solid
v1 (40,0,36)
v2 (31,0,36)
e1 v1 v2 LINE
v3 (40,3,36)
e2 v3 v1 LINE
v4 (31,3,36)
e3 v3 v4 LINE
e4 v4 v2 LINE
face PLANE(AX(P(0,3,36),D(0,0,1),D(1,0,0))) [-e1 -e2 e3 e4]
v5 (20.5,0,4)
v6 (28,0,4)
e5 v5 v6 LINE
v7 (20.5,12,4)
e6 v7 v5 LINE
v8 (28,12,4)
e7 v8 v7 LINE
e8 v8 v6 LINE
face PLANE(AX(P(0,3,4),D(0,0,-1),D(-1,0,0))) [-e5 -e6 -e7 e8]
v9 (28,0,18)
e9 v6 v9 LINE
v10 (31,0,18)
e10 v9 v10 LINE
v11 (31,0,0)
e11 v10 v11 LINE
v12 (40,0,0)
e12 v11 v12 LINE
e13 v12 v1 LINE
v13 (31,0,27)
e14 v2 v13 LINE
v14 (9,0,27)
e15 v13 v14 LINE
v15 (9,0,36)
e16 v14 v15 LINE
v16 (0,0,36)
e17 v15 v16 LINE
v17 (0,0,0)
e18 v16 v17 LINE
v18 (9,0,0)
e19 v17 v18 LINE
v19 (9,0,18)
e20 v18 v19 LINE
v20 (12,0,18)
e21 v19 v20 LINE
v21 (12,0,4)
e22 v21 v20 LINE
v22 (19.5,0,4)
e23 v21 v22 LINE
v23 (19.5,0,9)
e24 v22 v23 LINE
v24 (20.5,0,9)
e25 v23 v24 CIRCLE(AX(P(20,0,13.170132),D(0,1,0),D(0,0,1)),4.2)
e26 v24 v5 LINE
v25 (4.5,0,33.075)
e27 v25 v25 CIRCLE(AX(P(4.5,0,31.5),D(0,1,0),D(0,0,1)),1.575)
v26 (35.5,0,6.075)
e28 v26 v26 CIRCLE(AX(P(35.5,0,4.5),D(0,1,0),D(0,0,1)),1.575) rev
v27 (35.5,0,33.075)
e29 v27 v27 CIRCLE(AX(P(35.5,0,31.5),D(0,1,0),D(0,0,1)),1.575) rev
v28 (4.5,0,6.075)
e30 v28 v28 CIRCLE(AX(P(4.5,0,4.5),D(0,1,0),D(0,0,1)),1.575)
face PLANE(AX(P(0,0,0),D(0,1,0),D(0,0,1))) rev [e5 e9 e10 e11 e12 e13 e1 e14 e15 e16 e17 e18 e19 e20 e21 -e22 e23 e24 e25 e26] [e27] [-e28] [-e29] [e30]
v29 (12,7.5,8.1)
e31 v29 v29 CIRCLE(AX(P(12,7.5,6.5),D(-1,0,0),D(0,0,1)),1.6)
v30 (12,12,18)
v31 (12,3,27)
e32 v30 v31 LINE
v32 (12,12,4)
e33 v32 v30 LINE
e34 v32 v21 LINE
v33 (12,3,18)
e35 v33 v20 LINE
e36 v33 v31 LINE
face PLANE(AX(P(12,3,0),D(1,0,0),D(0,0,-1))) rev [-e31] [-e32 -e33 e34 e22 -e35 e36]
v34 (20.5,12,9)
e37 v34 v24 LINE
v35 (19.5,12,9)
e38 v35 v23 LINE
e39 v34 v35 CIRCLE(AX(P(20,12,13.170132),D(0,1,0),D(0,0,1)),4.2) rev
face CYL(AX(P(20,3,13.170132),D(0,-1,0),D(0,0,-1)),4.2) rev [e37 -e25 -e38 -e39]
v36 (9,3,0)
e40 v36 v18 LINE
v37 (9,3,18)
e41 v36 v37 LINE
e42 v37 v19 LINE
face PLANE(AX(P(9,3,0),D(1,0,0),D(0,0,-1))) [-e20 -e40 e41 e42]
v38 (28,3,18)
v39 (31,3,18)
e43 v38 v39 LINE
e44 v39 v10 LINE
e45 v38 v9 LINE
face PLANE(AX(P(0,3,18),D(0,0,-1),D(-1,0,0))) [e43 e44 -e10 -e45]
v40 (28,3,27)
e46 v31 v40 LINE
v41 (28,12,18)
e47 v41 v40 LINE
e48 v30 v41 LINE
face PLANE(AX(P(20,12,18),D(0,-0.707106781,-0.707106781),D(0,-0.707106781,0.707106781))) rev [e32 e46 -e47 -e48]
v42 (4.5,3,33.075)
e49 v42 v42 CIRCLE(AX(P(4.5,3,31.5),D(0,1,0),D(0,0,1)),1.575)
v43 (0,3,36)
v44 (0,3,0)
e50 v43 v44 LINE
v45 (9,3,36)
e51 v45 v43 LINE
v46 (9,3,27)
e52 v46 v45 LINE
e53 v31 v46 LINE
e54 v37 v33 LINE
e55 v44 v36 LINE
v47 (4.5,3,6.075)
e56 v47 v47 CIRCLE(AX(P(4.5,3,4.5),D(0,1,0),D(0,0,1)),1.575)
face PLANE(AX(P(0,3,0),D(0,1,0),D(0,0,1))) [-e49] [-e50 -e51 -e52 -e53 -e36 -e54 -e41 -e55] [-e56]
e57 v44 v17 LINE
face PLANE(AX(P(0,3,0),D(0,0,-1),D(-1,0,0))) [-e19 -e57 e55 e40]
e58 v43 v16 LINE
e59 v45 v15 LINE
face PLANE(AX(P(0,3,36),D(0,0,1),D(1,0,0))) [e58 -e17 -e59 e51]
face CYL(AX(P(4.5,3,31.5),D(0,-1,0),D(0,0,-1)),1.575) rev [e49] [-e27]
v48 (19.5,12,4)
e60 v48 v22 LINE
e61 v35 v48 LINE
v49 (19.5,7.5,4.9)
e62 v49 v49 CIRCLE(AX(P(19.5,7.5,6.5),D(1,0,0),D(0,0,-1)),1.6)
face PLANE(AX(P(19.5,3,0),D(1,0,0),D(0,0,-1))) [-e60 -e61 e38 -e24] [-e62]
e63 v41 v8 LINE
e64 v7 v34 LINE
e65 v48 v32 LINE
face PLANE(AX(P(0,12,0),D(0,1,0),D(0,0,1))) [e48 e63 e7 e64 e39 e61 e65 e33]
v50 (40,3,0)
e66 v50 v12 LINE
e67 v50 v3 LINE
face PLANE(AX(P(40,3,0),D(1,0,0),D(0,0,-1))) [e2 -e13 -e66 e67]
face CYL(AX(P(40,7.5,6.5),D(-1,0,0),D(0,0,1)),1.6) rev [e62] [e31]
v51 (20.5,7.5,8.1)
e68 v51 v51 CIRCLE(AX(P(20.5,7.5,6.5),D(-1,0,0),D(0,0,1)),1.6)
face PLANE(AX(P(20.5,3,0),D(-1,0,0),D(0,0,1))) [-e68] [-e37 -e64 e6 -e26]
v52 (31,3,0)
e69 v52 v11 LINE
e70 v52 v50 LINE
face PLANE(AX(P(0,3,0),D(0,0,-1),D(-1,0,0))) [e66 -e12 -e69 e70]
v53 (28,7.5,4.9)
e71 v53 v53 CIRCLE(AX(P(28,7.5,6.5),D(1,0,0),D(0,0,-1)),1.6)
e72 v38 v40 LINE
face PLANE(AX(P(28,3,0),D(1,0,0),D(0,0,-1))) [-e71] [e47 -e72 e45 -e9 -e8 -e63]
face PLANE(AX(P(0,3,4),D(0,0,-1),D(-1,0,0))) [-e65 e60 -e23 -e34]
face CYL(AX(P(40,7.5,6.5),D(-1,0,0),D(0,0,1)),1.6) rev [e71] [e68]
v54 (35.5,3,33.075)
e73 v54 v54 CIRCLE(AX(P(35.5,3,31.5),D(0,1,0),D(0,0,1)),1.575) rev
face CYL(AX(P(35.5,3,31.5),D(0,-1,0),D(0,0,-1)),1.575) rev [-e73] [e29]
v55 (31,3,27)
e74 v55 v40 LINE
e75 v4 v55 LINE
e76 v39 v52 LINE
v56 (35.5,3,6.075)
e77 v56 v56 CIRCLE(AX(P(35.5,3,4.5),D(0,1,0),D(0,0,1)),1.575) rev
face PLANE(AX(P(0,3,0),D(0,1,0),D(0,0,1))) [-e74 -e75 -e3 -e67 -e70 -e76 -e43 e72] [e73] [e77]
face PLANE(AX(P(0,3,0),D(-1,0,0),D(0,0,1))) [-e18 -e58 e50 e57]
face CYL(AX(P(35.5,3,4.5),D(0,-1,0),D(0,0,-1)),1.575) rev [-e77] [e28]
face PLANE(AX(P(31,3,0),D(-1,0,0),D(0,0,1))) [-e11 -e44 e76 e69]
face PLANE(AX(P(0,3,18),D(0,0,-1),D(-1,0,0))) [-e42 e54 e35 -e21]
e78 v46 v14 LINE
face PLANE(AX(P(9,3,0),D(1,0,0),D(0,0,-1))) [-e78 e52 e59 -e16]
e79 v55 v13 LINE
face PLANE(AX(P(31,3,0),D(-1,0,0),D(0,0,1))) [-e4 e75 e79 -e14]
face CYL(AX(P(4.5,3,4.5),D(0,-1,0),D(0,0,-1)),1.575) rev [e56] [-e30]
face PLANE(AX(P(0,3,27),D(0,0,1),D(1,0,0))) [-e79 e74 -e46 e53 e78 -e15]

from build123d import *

# Parameters (mm, degrees)
SKETCH2_R           = 1.575
BOSS_EXTRUDE4_DEPTH = 3
BOSS_EXTRUDE5_DEPTH = 9
RIB2_REACH          = 44.895
SKETCH8_WALL_W      = 100.51836442
SKETCH8_WALL_H      = 16
SKETCH9_R           = 1.6
CUT_EXTRUDE1_DEPTH  = 48.15930449


with BuildPart() as part:
    # Sketch2 → Boss-Extrude4 (new body)
    # profile 1 of 4: a face of its own
    with BuildSketch(Plane(origin=(0, 0, 0), x_dir=(1, 0, 0), z_dir=(0, 1, 0))):
        Polygon((28, -18), (20, -18), (20, -27), (31, -27), (31, -36), (40, -36), (40, 0), (31, 0), (31, -18), align=None)
        with Locations(Location((35.5, -31.5, 0), (0, 0, 270))):
            Circle(SKETCH2_R, mode=Mode.SUBTRACT)
        with Locations(Location((35.5, -4.5, 0), (0, 0, 270))):
            Circle(SKETCH2_R, mode=Mode.SUBTRACT)
    # profile 2 of 4: a face of its own
    with BuildSketch(Plane(origin=(0, 0, 0), x_dir=(1, 0, 0), z_dir=(0, 1, 0))):
        Polygon((9, 0), (0, 0), (0, -36), (9, -36), (9, -27), (20, -27), (20, -18), (12, -18), (9, -18), align=None)
        with Locations(Location((4.5, -31.5, 0), (0, 0, 270))):
            Circle(SKETCH2_R, mode=Mode.SUBTRACT)
        with Locations(Location((4.5, -4.5, 0), (0, 0, 270))):
            Circle(SKETCH2_R, mode=Mode.SUBTRACT)
    # profile 3 of 4: a face of its own
    with BuildSketch(Plane(origin=(0, 0, 0), x_dir=(1, 0, 0), z_dir=(0, 1, 0))):
        with BuildLine():
            Line((20, -17.370131892), (20, -18))
            Line((20, -18), (28, -18))
            Line((28, -18), (28, -4))
            Line((28, -4), (20.5, -4))
            Line((20.5, -4), (20.5, -9))
            ThreePointArc((20.5, -9), (24.192526324, -13.420577547), (20, -17.370131892))
        make_face()
    # profile 4 of 4: a face of its own
    with BuildSketch(Plane(origin=(0, 0, 0), x_dir=(1, 0, 0), z_dir=(0, 1, 0))):
        with BuildLine():
            Line((12, -4), (12, -18))
            Line((12, -18), (20, -18))
            Line((20, -18), (20, -17.370131892))
            ThreePointArc((20, -17.370131892), (15.807473676, -13.420577547), (19.5, -9))
            Line((19.5, -9), (19.5, -4))
            Line((19.5, -4), (12, -4))
        make_face()
    extrude(amount=BOSS_EXTRUDE4_DEPTH)

    # Sketch6 → Boss-Extrude5 (add)
    with BuildSketch(Plane(origin=(0, 3, 0), x_dir=(1, 0, 0), z_dir=(0, 1, 0))):
        with BuildLine():
            Line((12, -18), (28, -18))
            Line((28, -18), (28, -4))
            Line((28, -4), (20.5, -4))
            Line((20.5, -4), (20.5, -9))
            ThreePointArc((20.5, -9), (20, -17.370131892), (19.5, -9))
            Line((19.5, -9), (19.5, -4))
            Line((19.5, -4), (12, -4))
            Line((12, -4), (12, -18))
        make_face()
    extrude(amount=BOSS_EXTRUDE5_DEPTH)

    # Sketch8 wall → Rib2 (add, up to next)
    with BuildSketch(Plane(origin=(20, 7.5, 22.5), x_dir=(0, -0.707106781187, 0.707106781187), z_dir=(0, 0.707106781187, 0.707106781187)), mode=Mode.PRIVATE) as rib2_sk1:
        Rectangle(SKETCH8_WALL_W, SKETCH8_WALL_H)
    rib2_tool1 = extrude(rib2_sk1.sketch, amount=-RIB2_REACH, mode=Mode.PRIVATE) - part.part
    add(rib2_tool1.solids().sort_by_distance((20, 7.5, 22.5))[0])

    # Sketch9 → Cut-Extrude1 (cut, through all)
    with BuildSketch(Plane.ZY.offset(-12)):
        with Locations((6.5, 7.5)):
            Circle(SKETCH9_R)
    extrude(amount=-CUT_EXTRUDE1_DEPTH, mode=Mode.SUBTRACT)


solid = part.part
